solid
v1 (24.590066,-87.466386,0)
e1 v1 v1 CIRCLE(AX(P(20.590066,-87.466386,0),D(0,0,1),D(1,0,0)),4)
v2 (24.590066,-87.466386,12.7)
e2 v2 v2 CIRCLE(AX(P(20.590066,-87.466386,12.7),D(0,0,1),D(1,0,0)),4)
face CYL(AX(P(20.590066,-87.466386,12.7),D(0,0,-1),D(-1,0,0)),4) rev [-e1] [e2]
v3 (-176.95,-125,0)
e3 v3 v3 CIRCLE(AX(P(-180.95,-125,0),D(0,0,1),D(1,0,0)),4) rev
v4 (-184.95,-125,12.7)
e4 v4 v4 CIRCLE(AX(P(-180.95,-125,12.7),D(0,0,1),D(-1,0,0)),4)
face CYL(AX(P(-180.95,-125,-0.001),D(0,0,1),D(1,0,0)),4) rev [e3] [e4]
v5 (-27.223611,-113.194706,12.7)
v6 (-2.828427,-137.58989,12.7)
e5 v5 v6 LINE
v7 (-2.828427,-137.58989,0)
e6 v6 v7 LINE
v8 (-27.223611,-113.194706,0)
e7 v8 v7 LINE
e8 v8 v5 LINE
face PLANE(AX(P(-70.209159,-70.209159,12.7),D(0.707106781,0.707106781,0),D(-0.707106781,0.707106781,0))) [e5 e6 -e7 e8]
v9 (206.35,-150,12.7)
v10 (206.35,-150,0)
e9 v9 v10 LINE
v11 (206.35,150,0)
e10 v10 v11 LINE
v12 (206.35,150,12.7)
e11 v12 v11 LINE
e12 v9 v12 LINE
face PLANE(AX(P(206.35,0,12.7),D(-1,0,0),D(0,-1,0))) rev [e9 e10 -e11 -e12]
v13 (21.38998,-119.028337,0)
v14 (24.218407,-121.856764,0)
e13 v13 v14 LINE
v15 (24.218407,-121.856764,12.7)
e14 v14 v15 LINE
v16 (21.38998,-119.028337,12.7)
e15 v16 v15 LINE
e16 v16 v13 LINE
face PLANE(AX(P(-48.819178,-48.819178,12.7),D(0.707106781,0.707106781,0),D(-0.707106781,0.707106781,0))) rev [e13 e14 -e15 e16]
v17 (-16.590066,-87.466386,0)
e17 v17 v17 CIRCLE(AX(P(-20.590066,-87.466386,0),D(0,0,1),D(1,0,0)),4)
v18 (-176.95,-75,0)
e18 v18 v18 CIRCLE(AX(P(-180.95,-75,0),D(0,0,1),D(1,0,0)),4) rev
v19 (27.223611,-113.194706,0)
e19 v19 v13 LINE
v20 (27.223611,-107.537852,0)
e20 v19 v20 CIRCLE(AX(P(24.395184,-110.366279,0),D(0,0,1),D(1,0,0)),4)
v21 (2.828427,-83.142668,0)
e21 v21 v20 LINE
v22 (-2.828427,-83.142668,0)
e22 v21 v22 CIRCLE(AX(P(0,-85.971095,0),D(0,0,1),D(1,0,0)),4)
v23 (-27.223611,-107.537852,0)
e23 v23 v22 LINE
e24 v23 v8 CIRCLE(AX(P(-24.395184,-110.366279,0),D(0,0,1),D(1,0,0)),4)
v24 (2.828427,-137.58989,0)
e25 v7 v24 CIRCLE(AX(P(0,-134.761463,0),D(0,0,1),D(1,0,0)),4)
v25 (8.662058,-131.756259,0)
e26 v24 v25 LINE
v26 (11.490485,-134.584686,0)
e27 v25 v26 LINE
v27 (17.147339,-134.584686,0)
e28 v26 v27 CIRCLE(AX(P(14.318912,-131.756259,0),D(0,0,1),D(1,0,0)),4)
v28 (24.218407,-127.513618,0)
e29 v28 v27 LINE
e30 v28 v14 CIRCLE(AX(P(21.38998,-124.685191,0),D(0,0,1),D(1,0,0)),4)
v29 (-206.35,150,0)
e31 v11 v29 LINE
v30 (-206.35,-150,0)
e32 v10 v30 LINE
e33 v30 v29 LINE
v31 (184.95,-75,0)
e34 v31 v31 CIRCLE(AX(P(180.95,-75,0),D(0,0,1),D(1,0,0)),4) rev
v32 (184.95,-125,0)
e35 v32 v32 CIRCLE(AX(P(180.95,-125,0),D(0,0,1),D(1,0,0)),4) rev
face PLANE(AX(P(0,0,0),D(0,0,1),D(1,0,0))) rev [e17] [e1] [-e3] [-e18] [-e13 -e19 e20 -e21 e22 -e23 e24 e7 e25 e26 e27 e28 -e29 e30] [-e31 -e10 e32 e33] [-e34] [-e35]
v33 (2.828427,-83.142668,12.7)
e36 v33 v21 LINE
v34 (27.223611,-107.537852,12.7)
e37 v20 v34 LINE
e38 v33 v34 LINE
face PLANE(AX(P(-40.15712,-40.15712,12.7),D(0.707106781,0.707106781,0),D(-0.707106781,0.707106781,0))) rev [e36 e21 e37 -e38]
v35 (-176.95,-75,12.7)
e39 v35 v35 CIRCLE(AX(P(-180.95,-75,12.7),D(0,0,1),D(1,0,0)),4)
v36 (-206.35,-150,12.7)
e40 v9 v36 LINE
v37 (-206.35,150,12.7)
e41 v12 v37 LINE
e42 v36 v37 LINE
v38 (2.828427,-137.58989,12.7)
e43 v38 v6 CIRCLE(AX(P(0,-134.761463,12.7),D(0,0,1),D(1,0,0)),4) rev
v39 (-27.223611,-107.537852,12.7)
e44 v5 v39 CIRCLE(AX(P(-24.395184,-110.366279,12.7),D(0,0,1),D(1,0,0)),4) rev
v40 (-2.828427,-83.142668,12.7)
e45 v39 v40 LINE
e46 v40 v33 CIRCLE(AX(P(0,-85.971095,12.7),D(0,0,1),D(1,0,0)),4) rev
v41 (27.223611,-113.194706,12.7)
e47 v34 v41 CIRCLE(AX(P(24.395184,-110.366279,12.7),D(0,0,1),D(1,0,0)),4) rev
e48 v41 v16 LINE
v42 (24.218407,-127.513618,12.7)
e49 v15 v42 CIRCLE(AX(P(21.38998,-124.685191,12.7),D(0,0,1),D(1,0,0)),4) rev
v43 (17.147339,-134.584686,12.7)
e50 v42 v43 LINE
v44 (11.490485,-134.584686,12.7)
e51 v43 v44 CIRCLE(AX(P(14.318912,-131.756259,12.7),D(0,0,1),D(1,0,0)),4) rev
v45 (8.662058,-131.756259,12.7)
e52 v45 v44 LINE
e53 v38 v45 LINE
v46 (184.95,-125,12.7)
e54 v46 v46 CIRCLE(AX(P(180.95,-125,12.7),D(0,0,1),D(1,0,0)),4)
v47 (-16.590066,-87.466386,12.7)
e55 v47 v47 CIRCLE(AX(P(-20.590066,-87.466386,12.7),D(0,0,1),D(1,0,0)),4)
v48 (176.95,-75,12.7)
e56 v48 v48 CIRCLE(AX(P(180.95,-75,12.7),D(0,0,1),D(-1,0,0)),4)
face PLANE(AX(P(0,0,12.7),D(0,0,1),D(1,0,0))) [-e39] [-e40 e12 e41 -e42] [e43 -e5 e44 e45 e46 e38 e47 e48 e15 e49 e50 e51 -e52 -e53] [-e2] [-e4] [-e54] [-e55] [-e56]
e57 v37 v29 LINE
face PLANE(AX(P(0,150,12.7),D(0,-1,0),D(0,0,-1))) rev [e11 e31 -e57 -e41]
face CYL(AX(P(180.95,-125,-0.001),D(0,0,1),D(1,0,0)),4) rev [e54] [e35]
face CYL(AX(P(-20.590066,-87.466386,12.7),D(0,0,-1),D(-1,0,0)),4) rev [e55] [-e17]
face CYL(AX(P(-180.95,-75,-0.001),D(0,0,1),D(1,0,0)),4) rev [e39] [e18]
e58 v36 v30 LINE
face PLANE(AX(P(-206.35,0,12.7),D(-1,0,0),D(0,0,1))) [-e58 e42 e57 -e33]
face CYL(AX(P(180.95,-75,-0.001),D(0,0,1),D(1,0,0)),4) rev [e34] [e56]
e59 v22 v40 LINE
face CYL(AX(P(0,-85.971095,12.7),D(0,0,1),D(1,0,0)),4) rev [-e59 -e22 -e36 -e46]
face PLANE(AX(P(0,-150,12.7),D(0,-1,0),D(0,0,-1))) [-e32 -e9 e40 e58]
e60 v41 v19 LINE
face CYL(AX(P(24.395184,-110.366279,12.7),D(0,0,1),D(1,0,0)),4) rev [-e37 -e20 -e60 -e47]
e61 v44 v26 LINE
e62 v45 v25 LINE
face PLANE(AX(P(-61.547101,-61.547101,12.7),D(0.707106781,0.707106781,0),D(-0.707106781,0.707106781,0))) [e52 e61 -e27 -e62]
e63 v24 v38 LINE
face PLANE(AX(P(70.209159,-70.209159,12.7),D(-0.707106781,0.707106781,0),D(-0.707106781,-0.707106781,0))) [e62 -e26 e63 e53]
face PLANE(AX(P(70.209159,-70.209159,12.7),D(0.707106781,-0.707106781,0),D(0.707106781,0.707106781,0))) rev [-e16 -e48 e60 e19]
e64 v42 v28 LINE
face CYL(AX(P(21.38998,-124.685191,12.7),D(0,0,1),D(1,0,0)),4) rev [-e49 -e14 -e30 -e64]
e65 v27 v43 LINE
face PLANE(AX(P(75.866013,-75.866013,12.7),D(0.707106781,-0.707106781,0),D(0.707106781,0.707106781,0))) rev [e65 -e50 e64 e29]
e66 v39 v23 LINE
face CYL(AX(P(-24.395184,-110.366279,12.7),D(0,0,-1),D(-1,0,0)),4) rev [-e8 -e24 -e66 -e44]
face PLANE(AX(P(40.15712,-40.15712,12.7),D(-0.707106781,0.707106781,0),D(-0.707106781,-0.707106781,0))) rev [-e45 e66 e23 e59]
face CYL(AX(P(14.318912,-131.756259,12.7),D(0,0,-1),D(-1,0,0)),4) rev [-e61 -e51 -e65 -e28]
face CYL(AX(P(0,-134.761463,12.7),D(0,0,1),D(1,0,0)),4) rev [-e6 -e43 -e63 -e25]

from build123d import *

# Parameters (mm, degrees)
SKETCH1_R           = 4
BOSS_EXTRUDE2_DEPTH = 12.7
CUT_EXTRUDE1_REACH  = 257.424
SKETCH2_R           = 4
FILLET1_R           = 4


with BuildPart() as part:
    # Sketch1 → Boss-Extrude2 (new body)
    with BuildSketch(Plane.XY):
        Polygon((-187.3, -150), (187.3, -150), (206.35, -150), (206.35, 150), (187.3, 150), (-187.3, 150), (-206.35, 150), (-206.35, -150), align=None)
        Polygon((14.318912319, -137.41311332), (8.66205807, -131.75625907), (0, -140.41831714), (-30.0520382, -110.366278939), (0, -80.314240739), (30.0520382, -110.366278939), (21.389980131, -119.028337009), (27.04683438, -124.685191258), align=None, mode=Mode.SUBTRACT)
        with Locations((-20.590065585, -87.466385575)):
            Circle(SKETCH1_R, mode=Mode.SUBTRACT)
        with Locations((20.590065585, -87.466385575)):
            Circle(SKETCH1_R, mode=Mode.SUBTRACT)
    extrude(amount=BOSS_EXTRUDE2_DEPTH)

    # Sketch2 → Cut-Extrude1 (cut, up to next)
    with BuildSketch(Plane.XY.offset(12.7), mode=Mode.PRIVATE) as cut_extrude1_sk1:
        with Locations((-180.95, -75)):
            Circle(SKETCH2_R)
    cut_extrude1_tool1 = extrude(cut_extrude1_sk1.sketch, amount=-CUT_EXTRUDE1_REACH, mode=Mode.PRIVATE) & part.part
    # Sketch2 → Cut-Extrude1 (cut, up to next)
    with BuildSketch(Plane.XY.offset(12.7), mode=Mode.PRIVATE) as cut_extrude1_sk2:
        with Locations((-180.95, -125)):
            Circle(SKETCH2_R)
    cut_extrude1_tool2 = extrude(cut_extrude1_sk2.sketch, amount=-CUT_EXTRUDE1_REACH, mode=Mode.PRIVATE) & part.part
    # Sketch2 → Cut-Extrude1 (cut, up to next)
    with BuildSketch(Plane.XY.offset(12.7), mode=Mode.PRIVATE) as cut_extrude1_sk3:
        with Locations((180.95, -125)):
            Circle(SKETCH2_R)
    cut_extrude1_tool3 = extrude(cut_extrude1_sk3.sketch, amount=-CUT_EXTRUDE1_REACH, mode=Mode.PRIVATE) & part.part
    # Sketch2 → Cut-Extrude1 (cut, up to next)
    with BuildSketch(Plane.XY.offset(12.7), mode=Mode.PRIVATE) as cut_extrude1_sk4:
        with Locations((180.95, -75)):
            Circle(SKETCH2_R)
    cut_extrude1_tool4 = extrude(cut_extrude1_sk4.sketch, amount=-CUT_EXTRUDE1_REACH, mode=Mode.PRIVATE) & part.part
    add(cut_extrude1_tool1.solids().sort_by_distance((-180.95, -75, 12.7))[0], mode=Mode.SUBTRACT)
    add(cut_extrude1_tool2.solids().sort_by_distance((-180.95, -125, 12.7))[0], mode=Mode.SUBTRACT)
    add(cut_extrude1_tool3.solids().sort_by_distance((180.95, -125, 12.7))[0], mode=Mode.SUBTRACT)
    add(cut_extrude1_tool4.solids().sort_by_distance((180.95, -75, 12.7))[0], mode=Mode.SUBTRACT)

    # Fillet1
    fillet1_edges = [part.edges().sort_by_distance(p)[0] for p in [
        (0, -80.314240739, 6.35),
        (-30.0520382, -110.366278939, 6.35),
        (0, -140.41831714, 6.35),
        (14.318912319, -137.41311332, 6.35),
        (27.04683438, -124.685191258, 6.35),
        (30.0520382, -110.366278939, 6.35),
    ]]
    fillet(fillet1_edges, radius=FILLET1_R)


solid = part.part
